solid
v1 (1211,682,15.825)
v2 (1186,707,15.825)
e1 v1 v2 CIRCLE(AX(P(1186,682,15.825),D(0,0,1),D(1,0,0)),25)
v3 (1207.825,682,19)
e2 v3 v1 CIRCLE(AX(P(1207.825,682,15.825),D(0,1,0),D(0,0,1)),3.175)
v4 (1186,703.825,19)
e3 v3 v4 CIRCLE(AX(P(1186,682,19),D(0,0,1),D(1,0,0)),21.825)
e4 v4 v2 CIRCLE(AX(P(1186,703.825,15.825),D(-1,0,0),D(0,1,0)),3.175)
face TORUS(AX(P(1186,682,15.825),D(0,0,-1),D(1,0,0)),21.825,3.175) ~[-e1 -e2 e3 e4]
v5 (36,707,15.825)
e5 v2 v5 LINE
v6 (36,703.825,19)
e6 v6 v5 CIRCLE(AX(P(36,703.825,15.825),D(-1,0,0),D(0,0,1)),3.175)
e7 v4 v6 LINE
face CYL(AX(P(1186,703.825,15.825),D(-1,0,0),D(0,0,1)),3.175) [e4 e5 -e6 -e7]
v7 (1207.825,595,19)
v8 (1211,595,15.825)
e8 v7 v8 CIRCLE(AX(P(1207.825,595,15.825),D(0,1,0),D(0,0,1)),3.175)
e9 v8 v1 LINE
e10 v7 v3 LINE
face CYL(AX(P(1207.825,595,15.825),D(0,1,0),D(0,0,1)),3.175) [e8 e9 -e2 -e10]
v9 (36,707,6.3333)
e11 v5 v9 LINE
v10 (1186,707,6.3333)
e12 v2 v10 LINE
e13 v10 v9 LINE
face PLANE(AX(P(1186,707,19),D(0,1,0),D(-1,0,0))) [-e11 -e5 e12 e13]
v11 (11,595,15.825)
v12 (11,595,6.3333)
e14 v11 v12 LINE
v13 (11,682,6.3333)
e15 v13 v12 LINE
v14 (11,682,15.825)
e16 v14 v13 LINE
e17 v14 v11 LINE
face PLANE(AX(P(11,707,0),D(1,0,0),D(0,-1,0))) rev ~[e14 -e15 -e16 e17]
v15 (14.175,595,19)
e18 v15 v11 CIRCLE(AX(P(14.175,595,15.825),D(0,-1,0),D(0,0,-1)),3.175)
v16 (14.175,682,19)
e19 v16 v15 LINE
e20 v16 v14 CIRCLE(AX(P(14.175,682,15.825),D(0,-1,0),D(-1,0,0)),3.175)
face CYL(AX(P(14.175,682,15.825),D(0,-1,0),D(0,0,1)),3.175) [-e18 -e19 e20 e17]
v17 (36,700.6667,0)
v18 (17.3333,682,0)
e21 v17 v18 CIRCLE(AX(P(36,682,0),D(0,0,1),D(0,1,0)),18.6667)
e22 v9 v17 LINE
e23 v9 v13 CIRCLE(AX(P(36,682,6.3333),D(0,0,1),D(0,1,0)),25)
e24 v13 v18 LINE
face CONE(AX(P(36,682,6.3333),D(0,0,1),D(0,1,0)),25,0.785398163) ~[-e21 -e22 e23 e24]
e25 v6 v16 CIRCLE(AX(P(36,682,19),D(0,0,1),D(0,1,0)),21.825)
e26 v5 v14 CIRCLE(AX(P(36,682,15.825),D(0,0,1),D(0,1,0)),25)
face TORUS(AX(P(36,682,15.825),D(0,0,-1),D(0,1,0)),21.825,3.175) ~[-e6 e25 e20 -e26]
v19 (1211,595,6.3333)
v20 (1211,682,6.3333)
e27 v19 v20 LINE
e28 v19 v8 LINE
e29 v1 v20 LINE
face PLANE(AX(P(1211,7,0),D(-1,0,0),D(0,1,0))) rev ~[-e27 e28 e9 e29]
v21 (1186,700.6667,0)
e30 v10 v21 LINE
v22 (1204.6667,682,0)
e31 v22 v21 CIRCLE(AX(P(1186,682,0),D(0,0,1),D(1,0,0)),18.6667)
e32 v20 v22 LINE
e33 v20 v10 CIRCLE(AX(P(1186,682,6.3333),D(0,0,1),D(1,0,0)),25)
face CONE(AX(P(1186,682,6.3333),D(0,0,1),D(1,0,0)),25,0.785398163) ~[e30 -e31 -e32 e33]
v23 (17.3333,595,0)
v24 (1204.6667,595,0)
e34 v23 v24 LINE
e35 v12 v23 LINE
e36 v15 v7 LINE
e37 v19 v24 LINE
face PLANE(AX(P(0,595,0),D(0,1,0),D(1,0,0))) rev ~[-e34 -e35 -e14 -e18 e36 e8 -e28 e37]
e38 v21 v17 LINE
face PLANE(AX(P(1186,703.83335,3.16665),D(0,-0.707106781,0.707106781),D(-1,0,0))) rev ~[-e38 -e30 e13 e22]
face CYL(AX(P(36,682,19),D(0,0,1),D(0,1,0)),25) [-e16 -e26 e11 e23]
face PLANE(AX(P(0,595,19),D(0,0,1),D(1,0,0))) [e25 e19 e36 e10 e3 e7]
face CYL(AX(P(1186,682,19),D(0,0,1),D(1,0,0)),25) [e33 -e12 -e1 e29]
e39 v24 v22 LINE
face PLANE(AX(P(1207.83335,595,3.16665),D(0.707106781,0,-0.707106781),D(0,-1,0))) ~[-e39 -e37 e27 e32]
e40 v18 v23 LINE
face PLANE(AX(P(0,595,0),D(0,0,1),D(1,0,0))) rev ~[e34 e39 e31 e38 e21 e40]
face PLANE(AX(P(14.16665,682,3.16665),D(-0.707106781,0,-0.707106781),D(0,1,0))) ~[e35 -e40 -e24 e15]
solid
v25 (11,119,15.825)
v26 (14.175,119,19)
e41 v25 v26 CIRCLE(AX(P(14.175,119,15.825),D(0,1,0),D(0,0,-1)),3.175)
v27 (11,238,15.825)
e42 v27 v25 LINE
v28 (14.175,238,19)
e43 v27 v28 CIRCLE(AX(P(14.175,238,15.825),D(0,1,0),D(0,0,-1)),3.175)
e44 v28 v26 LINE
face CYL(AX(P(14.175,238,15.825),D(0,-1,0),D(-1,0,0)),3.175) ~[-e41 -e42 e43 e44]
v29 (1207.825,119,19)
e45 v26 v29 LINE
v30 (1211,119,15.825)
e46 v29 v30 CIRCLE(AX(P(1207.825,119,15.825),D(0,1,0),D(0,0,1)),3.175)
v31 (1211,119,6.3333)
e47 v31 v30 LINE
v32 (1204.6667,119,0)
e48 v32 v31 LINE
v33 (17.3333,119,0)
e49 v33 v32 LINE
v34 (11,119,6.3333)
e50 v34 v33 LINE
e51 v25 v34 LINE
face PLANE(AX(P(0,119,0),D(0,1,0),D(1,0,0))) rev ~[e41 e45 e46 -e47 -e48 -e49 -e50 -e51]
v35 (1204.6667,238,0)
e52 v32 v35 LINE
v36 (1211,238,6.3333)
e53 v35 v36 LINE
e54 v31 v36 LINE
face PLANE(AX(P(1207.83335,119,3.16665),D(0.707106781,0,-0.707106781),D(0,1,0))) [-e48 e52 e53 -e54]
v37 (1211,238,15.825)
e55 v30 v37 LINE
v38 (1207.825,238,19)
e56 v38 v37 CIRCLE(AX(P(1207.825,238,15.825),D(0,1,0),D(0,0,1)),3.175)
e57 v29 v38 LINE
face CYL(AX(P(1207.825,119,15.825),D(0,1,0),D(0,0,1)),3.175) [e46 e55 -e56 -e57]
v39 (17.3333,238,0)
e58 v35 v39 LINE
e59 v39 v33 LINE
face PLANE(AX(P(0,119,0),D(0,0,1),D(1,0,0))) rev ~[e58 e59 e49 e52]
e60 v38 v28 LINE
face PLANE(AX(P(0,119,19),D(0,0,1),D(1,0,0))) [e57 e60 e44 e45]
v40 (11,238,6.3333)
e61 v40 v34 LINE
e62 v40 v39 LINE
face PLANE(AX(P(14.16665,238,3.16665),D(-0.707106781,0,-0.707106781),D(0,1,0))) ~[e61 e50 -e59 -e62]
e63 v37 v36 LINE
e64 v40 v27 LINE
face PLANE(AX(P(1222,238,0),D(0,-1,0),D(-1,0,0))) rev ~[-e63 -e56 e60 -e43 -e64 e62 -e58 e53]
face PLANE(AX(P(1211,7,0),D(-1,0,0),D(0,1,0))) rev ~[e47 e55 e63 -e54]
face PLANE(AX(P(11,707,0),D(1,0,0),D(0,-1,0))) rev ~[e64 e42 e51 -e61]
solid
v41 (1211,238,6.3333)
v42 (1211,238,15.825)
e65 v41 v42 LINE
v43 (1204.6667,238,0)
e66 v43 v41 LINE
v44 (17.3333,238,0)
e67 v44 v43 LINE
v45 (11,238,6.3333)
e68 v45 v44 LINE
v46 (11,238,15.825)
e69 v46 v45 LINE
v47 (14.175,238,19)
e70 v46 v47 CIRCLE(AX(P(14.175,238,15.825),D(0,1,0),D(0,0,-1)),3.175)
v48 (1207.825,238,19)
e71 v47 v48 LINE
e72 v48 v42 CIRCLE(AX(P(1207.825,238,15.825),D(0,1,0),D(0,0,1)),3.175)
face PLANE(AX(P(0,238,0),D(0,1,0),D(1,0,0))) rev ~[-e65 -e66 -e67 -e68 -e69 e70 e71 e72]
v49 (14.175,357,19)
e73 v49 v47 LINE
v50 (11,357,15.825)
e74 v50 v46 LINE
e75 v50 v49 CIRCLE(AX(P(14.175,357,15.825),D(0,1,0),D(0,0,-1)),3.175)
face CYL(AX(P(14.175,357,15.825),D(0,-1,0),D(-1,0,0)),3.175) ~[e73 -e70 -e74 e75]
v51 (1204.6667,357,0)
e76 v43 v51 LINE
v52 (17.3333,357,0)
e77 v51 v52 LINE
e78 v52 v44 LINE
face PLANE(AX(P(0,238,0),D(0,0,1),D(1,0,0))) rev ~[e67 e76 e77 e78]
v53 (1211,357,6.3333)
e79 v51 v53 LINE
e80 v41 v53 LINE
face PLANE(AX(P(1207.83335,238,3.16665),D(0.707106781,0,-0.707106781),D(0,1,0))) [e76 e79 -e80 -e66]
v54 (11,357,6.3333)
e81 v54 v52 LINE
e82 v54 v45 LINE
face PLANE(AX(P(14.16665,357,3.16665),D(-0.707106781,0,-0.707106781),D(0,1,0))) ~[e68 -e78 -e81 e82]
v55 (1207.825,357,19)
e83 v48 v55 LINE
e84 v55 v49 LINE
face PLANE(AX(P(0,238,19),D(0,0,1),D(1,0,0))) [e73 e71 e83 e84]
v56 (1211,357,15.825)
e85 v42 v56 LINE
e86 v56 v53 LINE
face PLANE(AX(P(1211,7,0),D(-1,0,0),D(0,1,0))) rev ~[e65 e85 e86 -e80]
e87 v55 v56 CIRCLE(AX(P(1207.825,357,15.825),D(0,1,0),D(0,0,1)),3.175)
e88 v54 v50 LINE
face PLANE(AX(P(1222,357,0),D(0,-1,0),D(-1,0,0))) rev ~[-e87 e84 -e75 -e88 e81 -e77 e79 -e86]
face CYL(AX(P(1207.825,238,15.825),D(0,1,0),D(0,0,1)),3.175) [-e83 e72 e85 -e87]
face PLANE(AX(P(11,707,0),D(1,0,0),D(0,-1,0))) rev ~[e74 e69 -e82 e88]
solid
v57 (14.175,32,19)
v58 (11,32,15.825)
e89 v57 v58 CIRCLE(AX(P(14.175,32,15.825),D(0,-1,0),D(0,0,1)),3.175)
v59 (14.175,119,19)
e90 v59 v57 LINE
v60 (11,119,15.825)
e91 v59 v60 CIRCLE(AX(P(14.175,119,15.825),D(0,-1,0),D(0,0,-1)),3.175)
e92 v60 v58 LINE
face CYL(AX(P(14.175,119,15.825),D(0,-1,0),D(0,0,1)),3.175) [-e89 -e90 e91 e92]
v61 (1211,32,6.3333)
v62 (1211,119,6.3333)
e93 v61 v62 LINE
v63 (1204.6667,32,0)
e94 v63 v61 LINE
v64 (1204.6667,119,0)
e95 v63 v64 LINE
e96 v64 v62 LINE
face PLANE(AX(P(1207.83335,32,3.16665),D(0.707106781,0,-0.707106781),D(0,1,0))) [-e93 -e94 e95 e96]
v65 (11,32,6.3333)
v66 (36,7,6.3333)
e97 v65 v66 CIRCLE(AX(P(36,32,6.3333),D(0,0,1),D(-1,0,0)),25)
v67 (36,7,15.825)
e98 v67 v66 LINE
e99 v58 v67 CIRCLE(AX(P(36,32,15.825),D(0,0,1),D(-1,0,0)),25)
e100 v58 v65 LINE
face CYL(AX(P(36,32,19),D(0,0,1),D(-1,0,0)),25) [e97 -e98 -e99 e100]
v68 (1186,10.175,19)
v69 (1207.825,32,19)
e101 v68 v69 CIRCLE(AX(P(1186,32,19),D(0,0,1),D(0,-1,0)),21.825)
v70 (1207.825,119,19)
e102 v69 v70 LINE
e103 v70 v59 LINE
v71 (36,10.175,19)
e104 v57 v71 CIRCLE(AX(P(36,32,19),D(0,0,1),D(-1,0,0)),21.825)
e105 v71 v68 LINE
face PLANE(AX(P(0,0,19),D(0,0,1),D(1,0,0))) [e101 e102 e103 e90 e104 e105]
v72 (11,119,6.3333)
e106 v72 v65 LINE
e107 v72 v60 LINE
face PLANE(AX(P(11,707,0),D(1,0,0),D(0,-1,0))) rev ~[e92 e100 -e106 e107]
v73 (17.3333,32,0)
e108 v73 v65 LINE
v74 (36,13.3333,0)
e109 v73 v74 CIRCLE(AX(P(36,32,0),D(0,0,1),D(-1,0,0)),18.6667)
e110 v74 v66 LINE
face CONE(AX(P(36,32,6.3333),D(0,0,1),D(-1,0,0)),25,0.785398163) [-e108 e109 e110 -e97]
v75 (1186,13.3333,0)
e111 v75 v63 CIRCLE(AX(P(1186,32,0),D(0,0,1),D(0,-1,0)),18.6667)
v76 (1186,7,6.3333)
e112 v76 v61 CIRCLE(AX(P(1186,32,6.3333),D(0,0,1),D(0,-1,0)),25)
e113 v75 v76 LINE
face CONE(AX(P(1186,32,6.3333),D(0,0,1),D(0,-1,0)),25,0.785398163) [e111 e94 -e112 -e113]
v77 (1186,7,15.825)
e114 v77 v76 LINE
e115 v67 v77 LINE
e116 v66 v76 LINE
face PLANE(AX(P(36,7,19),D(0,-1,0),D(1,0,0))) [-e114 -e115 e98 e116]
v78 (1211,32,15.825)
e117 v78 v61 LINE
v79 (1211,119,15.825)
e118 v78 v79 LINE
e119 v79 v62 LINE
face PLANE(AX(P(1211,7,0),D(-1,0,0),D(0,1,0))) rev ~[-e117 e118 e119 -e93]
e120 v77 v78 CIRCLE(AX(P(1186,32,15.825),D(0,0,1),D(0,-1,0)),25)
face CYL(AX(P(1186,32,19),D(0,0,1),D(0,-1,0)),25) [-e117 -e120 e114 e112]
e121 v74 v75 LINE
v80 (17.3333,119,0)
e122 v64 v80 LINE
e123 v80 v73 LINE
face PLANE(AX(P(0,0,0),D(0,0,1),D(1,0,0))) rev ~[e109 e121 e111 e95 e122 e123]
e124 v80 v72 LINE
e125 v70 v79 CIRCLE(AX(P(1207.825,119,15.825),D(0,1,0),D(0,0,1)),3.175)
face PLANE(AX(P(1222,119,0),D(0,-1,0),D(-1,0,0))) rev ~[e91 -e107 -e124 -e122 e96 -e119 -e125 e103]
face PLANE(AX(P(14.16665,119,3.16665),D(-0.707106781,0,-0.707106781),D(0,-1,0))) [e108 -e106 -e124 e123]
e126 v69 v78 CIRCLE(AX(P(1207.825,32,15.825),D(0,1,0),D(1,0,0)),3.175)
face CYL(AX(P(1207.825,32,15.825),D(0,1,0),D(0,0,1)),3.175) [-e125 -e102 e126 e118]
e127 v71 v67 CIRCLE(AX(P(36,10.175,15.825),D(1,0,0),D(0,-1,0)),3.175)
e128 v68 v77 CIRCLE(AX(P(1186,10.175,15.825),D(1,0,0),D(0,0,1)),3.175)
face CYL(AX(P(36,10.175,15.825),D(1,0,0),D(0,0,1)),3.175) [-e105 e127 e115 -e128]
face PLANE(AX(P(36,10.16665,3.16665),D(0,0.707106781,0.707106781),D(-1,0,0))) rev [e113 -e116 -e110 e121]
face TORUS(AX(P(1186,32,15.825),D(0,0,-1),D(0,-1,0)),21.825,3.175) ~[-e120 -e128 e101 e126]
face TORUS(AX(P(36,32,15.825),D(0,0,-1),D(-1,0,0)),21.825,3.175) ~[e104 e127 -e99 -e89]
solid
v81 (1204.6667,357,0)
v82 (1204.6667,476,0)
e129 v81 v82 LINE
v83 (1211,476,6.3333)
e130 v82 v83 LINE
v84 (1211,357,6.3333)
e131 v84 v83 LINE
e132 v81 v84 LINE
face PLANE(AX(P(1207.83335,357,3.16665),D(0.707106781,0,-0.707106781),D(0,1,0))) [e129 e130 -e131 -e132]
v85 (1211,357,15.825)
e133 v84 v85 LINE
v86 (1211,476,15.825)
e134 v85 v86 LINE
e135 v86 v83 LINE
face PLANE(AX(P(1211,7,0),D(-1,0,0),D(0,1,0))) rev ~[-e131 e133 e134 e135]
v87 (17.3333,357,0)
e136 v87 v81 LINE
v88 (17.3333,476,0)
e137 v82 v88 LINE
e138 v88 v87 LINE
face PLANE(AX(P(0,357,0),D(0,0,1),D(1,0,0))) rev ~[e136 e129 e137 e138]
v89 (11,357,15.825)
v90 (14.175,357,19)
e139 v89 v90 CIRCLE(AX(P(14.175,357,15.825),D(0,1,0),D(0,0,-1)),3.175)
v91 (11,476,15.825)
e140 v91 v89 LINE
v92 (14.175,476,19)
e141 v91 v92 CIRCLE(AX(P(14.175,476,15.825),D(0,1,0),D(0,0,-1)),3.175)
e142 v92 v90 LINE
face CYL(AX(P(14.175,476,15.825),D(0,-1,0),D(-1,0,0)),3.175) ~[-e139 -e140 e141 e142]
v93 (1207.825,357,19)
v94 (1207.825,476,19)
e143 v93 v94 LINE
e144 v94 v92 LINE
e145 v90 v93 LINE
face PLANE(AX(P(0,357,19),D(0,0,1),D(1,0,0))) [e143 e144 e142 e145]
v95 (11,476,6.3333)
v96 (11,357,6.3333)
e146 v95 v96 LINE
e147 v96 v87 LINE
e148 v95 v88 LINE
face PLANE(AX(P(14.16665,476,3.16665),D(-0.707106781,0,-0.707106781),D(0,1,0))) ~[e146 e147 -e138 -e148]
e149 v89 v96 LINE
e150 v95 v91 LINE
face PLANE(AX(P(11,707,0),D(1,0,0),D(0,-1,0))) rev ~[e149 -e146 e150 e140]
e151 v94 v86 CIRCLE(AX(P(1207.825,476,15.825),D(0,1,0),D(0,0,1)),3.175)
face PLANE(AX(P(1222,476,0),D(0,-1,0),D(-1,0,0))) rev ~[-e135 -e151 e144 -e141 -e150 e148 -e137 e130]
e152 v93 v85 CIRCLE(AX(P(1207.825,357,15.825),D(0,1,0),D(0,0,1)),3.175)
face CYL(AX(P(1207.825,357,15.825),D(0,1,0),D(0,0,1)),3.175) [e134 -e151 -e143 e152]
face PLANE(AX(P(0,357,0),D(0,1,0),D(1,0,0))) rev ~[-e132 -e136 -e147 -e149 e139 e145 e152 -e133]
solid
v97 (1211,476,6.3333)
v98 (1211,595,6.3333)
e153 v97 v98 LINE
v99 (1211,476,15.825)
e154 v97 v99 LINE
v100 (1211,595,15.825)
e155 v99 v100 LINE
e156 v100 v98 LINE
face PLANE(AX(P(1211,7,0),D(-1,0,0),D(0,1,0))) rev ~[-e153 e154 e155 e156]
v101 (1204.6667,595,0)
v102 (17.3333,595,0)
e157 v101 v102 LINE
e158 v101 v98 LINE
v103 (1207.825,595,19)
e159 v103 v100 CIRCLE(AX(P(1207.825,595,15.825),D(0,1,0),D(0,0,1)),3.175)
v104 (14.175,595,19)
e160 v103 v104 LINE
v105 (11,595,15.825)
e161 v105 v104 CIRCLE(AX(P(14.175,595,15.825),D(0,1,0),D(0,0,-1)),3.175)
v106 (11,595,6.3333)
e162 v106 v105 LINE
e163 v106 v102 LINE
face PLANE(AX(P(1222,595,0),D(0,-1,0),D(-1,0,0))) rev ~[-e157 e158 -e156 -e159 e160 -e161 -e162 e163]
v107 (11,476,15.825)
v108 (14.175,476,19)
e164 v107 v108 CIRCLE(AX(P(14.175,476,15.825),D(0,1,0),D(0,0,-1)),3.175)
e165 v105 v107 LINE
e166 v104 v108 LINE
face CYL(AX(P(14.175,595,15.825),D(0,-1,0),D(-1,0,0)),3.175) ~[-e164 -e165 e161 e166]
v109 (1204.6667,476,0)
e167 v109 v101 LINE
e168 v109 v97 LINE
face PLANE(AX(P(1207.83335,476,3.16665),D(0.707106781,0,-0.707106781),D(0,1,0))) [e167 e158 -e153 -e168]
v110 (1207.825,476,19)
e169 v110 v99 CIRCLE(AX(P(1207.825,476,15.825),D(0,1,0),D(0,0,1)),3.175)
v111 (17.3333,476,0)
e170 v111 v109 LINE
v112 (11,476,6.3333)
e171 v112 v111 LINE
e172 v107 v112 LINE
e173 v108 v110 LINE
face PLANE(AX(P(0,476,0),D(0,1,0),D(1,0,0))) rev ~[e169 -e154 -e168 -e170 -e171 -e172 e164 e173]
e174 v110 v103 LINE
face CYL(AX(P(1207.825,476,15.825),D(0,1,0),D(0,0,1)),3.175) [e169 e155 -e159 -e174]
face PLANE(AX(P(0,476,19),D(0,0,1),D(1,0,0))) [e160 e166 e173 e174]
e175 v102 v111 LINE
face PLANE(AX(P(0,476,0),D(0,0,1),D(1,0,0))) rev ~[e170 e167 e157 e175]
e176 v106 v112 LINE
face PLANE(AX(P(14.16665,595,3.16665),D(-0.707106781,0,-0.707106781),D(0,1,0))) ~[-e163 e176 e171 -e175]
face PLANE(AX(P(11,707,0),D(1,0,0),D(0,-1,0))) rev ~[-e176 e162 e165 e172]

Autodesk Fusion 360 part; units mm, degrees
sketch "board" plane through (0, 0, 0) normal (0, 0, 1) x (1, 0, 0) in component "top"
  line L0 (0, 0) -> (1222, 0)
  line L1 (1222, 0) -> (1222, 119)
  line L2 (1222, 119) -> (0, 119)
  line L3 (0, 119) -> (0, 0)
  dimension "d8" = 119
  dimension "d9" = 1222
extrude "Extrude1" add sketch "board" along normal blind 19 makes body 1 in component "top"
pattern_linear "R-Pattern1" count 6 spacing 119 along (0, 1, 0) of bodies 1 makes body 2 at (407.3333, 198.3333, 0) makes body 3 at (407.3333, 317.3333, 0) makes body 4 at (407.3333, 436.3333, 0) makes body 5 at (407.3333, 555.3333, 0) makes body 6 at (407.3333, 674.3333, 0) in component "top"
sketch "target" plane through (0, 0, 0) normal (0, 0, 1) x (1, 0, 0) in component "top"
  line L0 (11, 7) -> (1211, 7)
  line L1 (1211, 7) -> (1211, 707)
  line L2 (1211, 707) -> (11, 707)
  line L3 (11, 707) -> (11, 7)
  line L4 (1211, 707) -> (1222, 714) construction
  line L5 (1211, 7) -> (1222, 0) construction
  line L6 (11, 7) -> (0, 0) construction
  line L7 (0, 714) -> (11, 707) construction
  point P0 (1222, 0)
  point P1 (0, 714)
  point P2 (1222, 714)
  dimension "d16" = 1200
  dimension "d17" = 700
extrude "Extrude2" cut sketch "target" along normal up to surface (19 mm away) keep common part bodies 1 2 3 4 5 6 in component "top"
sketch "top profile" plane through (0, 0, 19) normal (0, 0, 1) x (-1, 0, 0) in component "top"
  line L0 (-11, -119) -> (-11, -7)
  line L1 (-11, -7) -> (-1211, -7)
  line L2 (-1211, -7) -> (-1211, -119)
  line L3 (-1211, -119) -> (-11, -119)
  line L4 (-36, -7) -> (-1186, -7)
  line L5 (-1211, -32) -> (-1211, -682)
  line L6 (-1186, -707) -> (-36, -707)
  line L7 (-11, -682) -> (-11, -32)
  arc A0 (-36, -707) -> (-11, -682) centre (-36, -682) ccw
  arc A1 (-1211, -682) -> (-1186, -707) centre (-1186, -682) ccw
  arc A2 (-1186, -7) -> (-1211, -32) centre (-1186, -32) ccw
  arc A3 (-11, -32) -> (-36, -7) centre (-36, -32) ccw
  line L8 (-1211, -707) -> (-11, -707)
  line L9 (-1211, -7) -> (-1211, -707)
  line L10 (-11, -7) -> (-1211, -7)
  line L11 (-11, -707) -> (-11, -7)
  point P0 (-1211, -707)
  dimension "d21" = 25
extrude "Extrude3" cut sketch "top profile" against normal up to surface (19 mm away) contours L0 L1 L2 L3 L4 L5 L7 A2 A3 L9 L10 L11 | L3 L5 L6 L7 A0 A1 L8 L9 L11 keep common part bodies 1 2 3 4 5 6 in component "top"
fillet "Fillet1" radius 3.175 18 edges at (1211, 75.5, 19) (1203.6777, 14.3223, 19) (611, 7, 19) (18.3223, 14.3223, 19) (11, 75.5, 19) (1211, 178.5, 19) (11, 178.5, 19) (1211, 297.5, 19) (11, 297.5, 19) (1211, 416.5, 19) (11, 416.5, 19) (1211, 535.5, 19) (11, 535.5, 19) (11, 638.5, 19) (18.3223, 699.6777, 19) (611, 707, 19) (1203.6777, 699.6777, 19) (1211, 638.5, 19) on bodies 1 2 3 4 5 6 in component "top"
chamfer "Chamfer1" distance 6.3333 angle 45 18 edges at (1211, 416.5, 0) (11, 416.5, 0) (1211, 297.5, 0) (11, 297.5, 0) (611, 7, 0) (18.3223, 14.3223, 0) (11, 75.5, 0) (1211, 75.5, 0) (1203.6777, 14.3223, 0) (1211, 178.5, 0) (11, 178.5, 0) (1211, 638.5, 0) (1203.6777, 699.6777, 0) (611, 707, 0) (18.3223, 699.6777, 0) (11, 638.5, 0) (1211, 535.5, 0) (11, 535.5, 0) on bodies 1 2 3 4 5 6 in component "top"
sketch "hardware" plane through (0, 0, 0) normal (0, 0, 1) x (1, 0, 0) in component "hardware"
  line L0 (36, 17) -> (61, 17)
  line L1 (61, 17) -> (61, 697)
  line L2 (61, 697) -> (36, 697)
  line L3 (36, 697) -> (36, 17)
  line L4 (11, 707) -> (11, 7)
  line L5 (11, 7) -> (1211, 7)
  line L6 (1211, 707) -> (11, 707)
  line L7 (1211, 7) -> (1211, 707) construction
  line L8 (11, 357) -> (1211, 357) construction
  line L9 (611, 7) -> (611, 707) construction
  line L10 (1186, 697) -> (1186, 17)
  line L11 (1186, 17) -> (1161, 17)
  line L12 (1161, 697) -> (1186, 697)
  line L13 (1161, 17) -> (1161, 697)
  line L14 (137.2, 52.2) -> (213.4, 52.2)
  line L15 (213.4, 52.2) -> (213.4, 661.8)
  line L16 (213.4, 661.8) -> (137.2, 661.8)
  line L17 (137.2, 661.8) -> (137.2, 52.2)
  line L18 (175.3, 52.2) -> (175.3, 661.8) construction
  line L19 (137.2, 52.2) -> (213.4, 174.12) construction
  line L20 (213.4, 174.12) -> (137.2, 174.12) construction
  line L21 (137.2, 174.12) -> (213.4, 296.04) construction
  line L22 (213.4, 296.04) -> (137.2, 296.04) construction
  line L23 (137.2, 296.04) -> (213.4, 417.96) construction
  line L24 (213.4, 417.96) -> (137.2, 417.96) construction
  line L25 (137.2, 417.96) -> (213.4, 539.88) construction
  line L26 (213.4, 539.88) -> (137.2, 539.88) construction
  line L27 (137.2, 539.88) -> (213.4, 661.8) construction
  circle A0 centre (175.3, 174.12) radius 3.5
  circle A1 centre (175.3, 296.04) radius 3.5
  circle A2 centre (175.3, 417.96) radius 3.5
  circle A3 centre (175.3, 539.88) radius 3.5
  line L28 (1084.8, 661.8) -> (1084.8, 52.2)
  line L29 (1084.8, 52.2) -> (1008.6, 52.2)
  line L30 (1008.6, 661.8) -> (1084.8, 661.8)
  line L31 (1008.6, 52.2) -> (1008.6, 661.8)
  circle A4 centre (1046.7, 539.88) radius 3.5
  circle A5 centre (1046.7, 417.96) radius 3.5
  circle A6 centre (1046.7, 174.12) radius 3.5
  circle A7 centre (1046.7, 296.04) radius 3.5
  point P0 (175.3, 357)
  dimension "d24" = 25
  dimension "d25" = 10
  dimension "d26" = 10
  dimension "d27" = 25
  dimension "d28" = 609.6
  dimension "d29" = 76.2
  dimension "d30" = 7
  dimension "d31" = 76.2
component "top" placed x (1, 0, 0) y (0, 1, 0) z (0, 0, 1) at (0, 0, 0)
component "hardware" placed x (1, 0, 0) y (0, 1, 0) z (0, 0, 1) at (0, 0, 0)
equation "rawBoardWidth = 129 mm"
equation "boardThickness = 19 mm"
equation "boardLength = 1222 mm"
equation "boardWidth = rawBoardWidth - ( 2 * 5 ) * 1 mm"
equation "targetWidth = 1200 mm"
equation "targetDepth = 700 mm"
equation "boardCount = 6"
equation "d8 = boardWidth"
equation "d9 = boardLength"
equation "d10 = boardThickness"
equation "d12 = boardCount"
equation "d14 = boardWidth"
equation "d16 = targetWidth"
equation "d17 = targetDepth"
equation "cornerRadius = 25 mm"
equation "d21 = cornerRadius"
equation "d26 = d25"
equation "d28 = 24\""
equation "d29 = 3\""
equation "d31 = d29"
equation "d33 = 1/8\""
equation "d34 = boardThickness / 3"
